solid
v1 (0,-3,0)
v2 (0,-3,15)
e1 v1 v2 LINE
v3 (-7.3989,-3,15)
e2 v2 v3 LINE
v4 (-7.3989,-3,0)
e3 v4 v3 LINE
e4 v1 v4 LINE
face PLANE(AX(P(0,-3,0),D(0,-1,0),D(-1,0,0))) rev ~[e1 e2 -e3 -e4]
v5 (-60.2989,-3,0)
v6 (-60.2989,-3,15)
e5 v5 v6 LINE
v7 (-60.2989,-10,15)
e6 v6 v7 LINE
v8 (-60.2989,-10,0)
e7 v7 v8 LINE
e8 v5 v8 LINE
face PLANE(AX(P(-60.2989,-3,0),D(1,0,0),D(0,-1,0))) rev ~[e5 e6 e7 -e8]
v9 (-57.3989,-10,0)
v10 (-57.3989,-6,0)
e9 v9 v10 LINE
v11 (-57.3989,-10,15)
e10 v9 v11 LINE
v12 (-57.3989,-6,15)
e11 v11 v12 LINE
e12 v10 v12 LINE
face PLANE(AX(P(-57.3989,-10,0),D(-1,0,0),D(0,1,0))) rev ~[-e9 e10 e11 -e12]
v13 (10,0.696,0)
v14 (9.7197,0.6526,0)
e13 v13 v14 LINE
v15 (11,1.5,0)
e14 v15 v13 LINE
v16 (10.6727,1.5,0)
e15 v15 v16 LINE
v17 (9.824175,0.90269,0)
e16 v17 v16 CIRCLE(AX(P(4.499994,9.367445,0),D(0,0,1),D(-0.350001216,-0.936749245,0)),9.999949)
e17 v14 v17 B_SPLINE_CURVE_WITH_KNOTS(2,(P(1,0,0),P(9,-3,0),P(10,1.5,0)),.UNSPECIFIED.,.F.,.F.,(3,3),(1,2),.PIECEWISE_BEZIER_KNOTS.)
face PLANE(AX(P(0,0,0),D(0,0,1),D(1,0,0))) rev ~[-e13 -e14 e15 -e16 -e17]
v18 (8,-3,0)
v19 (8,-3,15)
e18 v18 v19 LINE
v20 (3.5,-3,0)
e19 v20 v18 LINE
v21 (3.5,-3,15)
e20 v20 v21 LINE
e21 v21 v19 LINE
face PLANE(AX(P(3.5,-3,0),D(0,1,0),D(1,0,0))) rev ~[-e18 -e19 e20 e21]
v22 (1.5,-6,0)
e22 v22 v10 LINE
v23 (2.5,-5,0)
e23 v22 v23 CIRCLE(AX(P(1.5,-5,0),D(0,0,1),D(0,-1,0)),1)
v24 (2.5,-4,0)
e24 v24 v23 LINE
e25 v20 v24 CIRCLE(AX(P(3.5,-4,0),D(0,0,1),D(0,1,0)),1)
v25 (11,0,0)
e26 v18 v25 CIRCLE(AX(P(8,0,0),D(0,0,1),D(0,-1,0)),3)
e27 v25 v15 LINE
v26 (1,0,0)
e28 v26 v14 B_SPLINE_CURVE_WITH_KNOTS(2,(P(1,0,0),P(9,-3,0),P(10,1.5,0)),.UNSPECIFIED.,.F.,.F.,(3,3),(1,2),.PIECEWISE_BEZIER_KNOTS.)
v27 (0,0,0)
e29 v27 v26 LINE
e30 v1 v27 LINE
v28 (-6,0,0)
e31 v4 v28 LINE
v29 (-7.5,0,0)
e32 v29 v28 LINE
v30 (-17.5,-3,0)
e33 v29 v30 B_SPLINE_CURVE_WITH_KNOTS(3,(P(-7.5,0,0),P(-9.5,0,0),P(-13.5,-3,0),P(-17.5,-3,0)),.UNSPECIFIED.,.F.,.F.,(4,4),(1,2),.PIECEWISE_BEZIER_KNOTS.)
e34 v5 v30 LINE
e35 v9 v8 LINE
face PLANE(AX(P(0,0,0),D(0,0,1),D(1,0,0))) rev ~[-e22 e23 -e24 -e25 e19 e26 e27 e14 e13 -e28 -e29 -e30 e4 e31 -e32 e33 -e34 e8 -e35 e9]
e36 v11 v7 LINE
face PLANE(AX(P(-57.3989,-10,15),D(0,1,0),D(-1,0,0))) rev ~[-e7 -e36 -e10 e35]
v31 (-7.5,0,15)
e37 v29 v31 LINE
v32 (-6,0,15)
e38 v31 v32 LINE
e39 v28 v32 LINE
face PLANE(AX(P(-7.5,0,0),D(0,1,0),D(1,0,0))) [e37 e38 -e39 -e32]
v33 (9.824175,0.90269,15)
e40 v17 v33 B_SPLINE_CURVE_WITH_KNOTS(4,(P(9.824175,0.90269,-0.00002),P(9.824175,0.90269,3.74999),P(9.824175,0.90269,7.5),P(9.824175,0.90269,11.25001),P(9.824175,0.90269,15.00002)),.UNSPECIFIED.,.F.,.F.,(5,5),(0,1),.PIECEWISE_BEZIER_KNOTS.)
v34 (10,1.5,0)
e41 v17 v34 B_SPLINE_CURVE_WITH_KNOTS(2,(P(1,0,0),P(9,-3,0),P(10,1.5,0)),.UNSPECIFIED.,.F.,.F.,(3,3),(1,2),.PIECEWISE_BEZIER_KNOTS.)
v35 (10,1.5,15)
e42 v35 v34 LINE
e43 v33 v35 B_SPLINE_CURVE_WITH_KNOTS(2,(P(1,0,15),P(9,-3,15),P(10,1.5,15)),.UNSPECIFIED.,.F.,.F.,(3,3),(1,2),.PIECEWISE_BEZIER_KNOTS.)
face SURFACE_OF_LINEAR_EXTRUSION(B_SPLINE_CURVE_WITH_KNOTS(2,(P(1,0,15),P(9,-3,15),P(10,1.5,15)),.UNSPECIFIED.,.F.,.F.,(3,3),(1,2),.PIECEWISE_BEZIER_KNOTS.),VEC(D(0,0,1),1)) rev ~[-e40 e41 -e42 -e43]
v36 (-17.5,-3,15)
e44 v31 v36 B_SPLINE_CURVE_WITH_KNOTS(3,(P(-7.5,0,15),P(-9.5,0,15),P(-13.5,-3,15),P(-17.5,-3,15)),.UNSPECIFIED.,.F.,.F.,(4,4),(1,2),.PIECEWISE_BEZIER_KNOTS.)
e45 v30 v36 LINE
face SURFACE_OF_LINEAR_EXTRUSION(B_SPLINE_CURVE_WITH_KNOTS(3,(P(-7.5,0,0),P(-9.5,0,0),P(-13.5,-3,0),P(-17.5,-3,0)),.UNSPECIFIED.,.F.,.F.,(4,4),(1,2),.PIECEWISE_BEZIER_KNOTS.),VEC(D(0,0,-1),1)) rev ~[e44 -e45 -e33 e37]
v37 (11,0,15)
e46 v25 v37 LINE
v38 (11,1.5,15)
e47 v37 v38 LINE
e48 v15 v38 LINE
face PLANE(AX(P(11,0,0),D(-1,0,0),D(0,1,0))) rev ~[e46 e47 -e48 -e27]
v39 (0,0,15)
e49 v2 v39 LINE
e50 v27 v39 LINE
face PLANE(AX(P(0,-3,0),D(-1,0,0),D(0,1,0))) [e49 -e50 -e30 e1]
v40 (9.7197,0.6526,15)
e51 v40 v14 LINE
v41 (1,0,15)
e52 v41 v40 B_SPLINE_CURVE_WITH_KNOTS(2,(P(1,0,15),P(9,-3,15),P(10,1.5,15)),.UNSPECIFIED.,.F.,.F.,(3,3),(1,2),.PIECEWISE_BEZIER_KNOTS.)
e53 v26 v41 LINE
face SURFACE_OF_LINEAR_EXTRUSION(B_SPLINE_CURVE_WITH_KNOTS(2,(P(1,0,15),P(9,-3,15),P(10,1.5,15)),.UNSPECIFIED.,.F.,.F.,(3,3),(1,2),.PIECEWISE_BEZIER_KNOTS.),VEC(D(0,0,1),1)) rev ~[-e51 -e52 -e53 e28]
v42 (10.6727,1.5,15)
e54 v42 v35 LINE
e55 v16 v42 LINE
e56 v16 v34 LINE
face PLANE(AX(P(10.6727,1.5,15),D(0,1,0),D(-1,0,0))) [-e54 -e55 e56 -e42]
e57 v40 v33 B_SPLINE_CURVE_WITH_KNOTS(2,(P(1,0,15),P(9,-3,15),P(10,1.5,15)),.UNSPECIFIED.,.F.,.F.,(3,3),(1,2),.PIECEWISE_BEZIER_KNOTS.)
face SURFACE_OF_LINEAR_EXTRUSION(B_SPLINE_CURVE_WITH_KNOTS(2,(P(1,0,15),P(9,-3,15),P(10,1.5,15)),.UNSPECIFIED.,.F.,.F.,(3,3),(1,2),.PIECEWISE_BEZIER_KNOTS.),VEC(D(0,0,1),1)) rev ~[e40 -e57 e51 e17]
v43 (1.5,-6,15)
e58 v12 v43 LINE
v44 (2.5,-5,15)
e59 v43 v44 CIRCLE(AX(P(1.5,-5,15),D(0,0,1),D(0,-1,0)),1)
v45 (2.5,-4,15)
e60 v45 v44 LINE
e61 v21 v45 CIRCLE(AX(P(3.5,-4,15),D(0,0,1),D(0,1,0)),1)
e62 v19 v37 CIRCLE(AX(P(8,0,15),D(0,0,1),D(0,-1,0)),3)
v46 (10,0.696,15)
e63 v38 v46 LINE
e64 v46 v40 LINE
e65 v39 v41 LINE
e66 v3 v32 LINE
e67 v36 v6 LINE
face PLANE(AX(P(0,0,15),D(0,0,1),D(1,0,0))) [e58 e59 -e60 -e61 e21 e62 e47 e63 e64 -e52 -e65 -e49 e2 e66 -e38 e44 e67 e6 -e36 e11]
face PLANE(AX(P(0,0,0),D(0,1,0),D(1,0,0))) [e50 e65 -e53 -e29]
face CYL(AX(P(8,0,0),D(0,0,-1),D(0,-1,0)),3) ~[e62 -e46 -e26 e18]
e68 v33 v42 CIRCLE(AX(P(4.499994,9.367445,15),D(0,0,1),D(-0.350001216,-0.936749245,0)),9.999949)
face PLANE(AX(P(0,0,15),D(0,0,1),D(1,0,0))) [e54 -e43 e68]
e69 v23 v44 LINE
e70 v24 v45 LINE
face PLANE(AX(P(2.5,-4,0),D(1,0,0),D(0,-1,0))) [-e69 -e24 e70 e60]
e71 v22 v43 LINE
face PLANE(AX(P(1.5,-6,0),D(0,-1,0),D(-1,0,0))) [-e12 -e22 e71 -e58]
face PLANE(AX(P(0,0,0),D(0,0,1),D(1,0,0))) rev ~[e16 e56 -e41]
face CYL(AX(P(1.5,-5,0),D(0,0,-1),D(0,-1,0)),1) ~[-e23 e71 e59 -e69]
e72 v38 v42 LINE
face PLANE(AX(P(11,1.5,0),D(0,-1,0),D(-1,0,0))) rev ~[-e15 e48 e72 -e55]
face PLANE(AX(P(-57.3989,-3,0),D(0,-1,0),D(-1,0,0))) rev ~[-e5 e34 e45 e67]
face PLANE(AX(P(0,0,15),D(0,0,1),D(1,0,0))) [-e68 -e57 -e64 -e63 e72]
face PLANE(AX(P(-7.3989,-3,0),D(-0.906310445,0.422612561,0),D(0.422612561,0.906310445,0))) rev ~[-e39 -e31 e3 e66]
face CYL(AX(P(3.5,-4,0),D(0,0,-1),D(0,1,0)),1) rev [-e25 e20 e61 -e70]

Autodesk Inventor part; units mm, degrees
ref_plane "YZ Plane" through (0, 0, 0) normal (1, 0, 0) x (0, 1, 0)
ref_plane "XZ Plane" through (0, 0, 0) normal (0, 1, 0) x (-1, 0, 0)
ref_plane "XY Plane" through (0, 0, 0) normal (0, 0, 1) x (1, 0, 0)
sketch "Эскиз1" plane through (0, 0, 0) normal (0, 0, 1) x (1, 0, 0)
  line L0 (0, 0) -> (1, 0)
  line L1 (9, 0) -> (9, -3) construction
  line L2 (9, -3) -> (3.5, -3) construction
  line L3 (0, -3) -> (0, 0)
  line L4 (0, -3) -> (-7.3989, -3)
  line L5 (-7.3989, -3) -> (-7.3989, -6) construction
  line L6 (-7.3989, -6) -> (0, -6)
  line L7 (0, -6) -> (0, -3) construction
  line L8 (0, -3) -> (2.5, -3) construction
  line L9 (2.5, -4) -> (2.5, -5)
  line L10 (1.5, -6) -> (0, -6)
  line L11 (0, -6) -> (0, -3) construction
  line L12 (-7.3989, -3) -> (-6, 0)
  line L13 (-7.3989, -3) -> (-13.5, -3) construction
  line L14 (-57.3989, -3) -> (-57.3989, -6) construction
  line L15 (-57.3989, -6) -> (-7.3989, -6)
  line L16 (-7.3989, -6) -> (-7.3989, -3) construction
  arc A0 (1.5, -6) -> (2.5, -5) centre (1.5, -5) ccw
  arc A1 (3.5, -3) -> (2.5, -4) centre (3.5, -4) ccw
  line L17 (-13.5, -3) -> (-17.5, -3) construction
  line L18 (0, 0) -> (1, 0)
  line L19 (9, 0) -> (8, 0) construction
  arc A2 (1, 0) -> (8, 0) centre (4.5, 9.3675) ccw construction
  line L20 (-57.3989, -3) -> (-60.2989, -3)
  line L21 (-60.2989, -3) -> (-60.2989, -13)
  line L22 (-60.2989, -13) -> (-57.3989, -13) construction
  line L23 (-57.3989, -13) -> (-57.3989, -10) construction
  line L24 (-57.3989, -13) -> (8.6011, -13)
  line L25 (8.6011, -13) -> (8.6011, -10)
  line L26 (8.6011, -10) -> (-57.3989, -10)
  line L27 (-57.3989, -10) -> (-57.3989, -13) construction
  line L28 (-57.3989, -6) -> (-57.3989, -3) construction
  line L29 (-57.3989, -10) -> (-57.3989, -6)
  line L30 (-13.5, -3) -> (-17.5, -3) construction
  line L31 (-17.5, -3) -> (-57.3989, -3)
  line L32 (1, 0) -> (8, 0) construction
  line L33 (8, 0) -> (9, 0) construction
  line L34 (-57.3989, -13) -> (-60.2989, -13)
  line L35 (-60.2989, -13) -> (-60.2989, -13) construction
  line L36 (-6, 0) -> (-7.5, 0) construction
  line L37 (-7.5, 0) -> (-7.5, -3) construction
  line L38 (-7.5, 0) -> (-9.5, 0) construction
  line L39 (-7.5, 0) -> (-9.5, 0) construction
  line L40 (-9.5, 0) -> (-13.5, -3) construction
  line L41 (-13.5, -3) -> (-17.5, -3) construction
  spline S0 degree 3 poles (-7.5, 0) (-9.5, 0) (-13.5, -3) (-17.5, -3) knots 1 1 1 1 2 2 2 2
  line L42 (-7.5, 0) -> (-6, 0)
  line L43 (9, -3) -> (11, -3) construction
  line L44 (11, 0) -> (11, 1.5)
  line L45 (11, 1.5) -> (10.6727, 1.5)
  arc A3 (1, 0) -> (10.6727, 1.5) centre (4.5, 9.3675) ccw
  line L46 (3.5, -3) -> (8, -3)
  arc A4 (8, -3) -> (11, 0) centre (8, 0) ccw
  point P0 (2.5, -6)
  point P1 (0, -6)
  point P2 (2, -4)
  dimension "d0" = 9
  dimension "d1" = 3
  dimension "d3" = 3
  dimension "d4" = 2.5
  dimension "d5" = 3
  dimension "d6" = 50
  dimension "d9" = 1
  dimension "d10" = 1
  dimension "d11" = 4
  dimension "d13" = 3
  dimension "d14" = 1
  dimension "d15" = 1
  dimension "d16" = 10
  dimension "d17" = 2.9
  dimension "d18" = 10
  dimension "d20" = 3
  dimension "d21" = 66
  dimension "d25" = 4
  dimension "d26" = 66
  dimension "d27" = 90
  dimension "d28" = 90
  dimension "d29" = 65
  dimension "d30" = 6
  dimension "d31" = 3
  dimension "d32" = 1.5
  dimension "d33" = 6
  dimension "d34" = 2
  dimension "d37" = 2
  dimension "d38" = 4.5
  dimension "d39" = 3
  dimension "d40" = 2.9
extrude "Выдавливание1" add sketch "Эскиз1" along normal blind 15
sketch "Эскиз3" plane through (0, 0, 15) normal (0, 0, 1) x (1, 0, 0)
  line L0 (-57.3989, -6) -> (1.5, -6) construction
  arc A0 (1.5, -6) -> (2.5, -5) centre (1.5, -5) ccw construction
  arc A1 (3.5, -3) -> (2.5, -4) centre (3.5, -4) ccw construction
  line L1 (1, 0) -> (0, 0) construction
  line L2 (0, 0) -> (0, -3) construction
  line L3 (0, -3) -> (-7.3989, -3) construction
  line L4 (-7.3989, -3) -> (-6, 0) construction
  line L5 (-6, 0) -> (-7.5, 0) construction
  line L6 (-17.5, -3) -> (-60.2989, -3) construction
  line L7 (-60.2989, -3) -> (-60.2989, -13) construction
  line L8 (-60.2989, -13) -> (8.6011, -13) construction
  line L9 (8.6011, -13) -> (8.6011, -10) construction
  line L10 (8.6011, -10) -> (-57.3989, -10) construction
  line L11 (-57.3989, -10) -> (-57.3989, -6) construction
  line L12 (8.6011, -10) -> (-57.3989, -10) construction
  line L13 (-57.3989, -10) -> (-60.2989, -10)
  line L14 (-57.3989, -10) -> (11.5916, -5.7468)
  line L15 (11.5916, -5.7468) -> (11.9856, -17.8215)
  line L16 (11.9856, -17.8215) -> (-64.6581, -17.3068)
  line L17 (-64.6581, -17.3068) -> (-62.6934, -10.3264)
  line L18 (-62.6934, -10.3264) -> (-60.2989, -10)
  line L19 (2.5, -5) -> (2.5, -4) projected
  line L20 (3.5, -3) -> (8, -3) projected
  arc A2 (8, -3) -> (11, 0) centre (8, 0) ccw projected
  line L21 (11, 0) -> (11, 1.5) projected
  line L22 (11, 1.5) -> (10.6727, 1.5) projected
  arc A3 (1, 0) -> (10.6727, 1.5) centre (4.5, 9.3675) ccw projected
extrude "Выдавливание2" cut sketch "Эскиз3" against normal blind 25
sketch "Эскиз4" plane through (0, 0, 15) normal (0, 0, 1) x (1, 0, 0)
  line L0 (-60.2989, -10) -> (-57.3989, -10) construction
  line L1 (-57.3989, -10) -> (-57.3989, -6) construction
  line L2 (-57.3989, -6) -> (1.5, -6) construction
  arc A0 (1.5, -6) -> (2.5, -5) centre (1.5, -5) ccw construction
  line L3 (2.5, -5) -> (2.5, -4) construction
  arc A1 (3.5, -3) -> (2.5, -4) centre (3.5, -4) ccw construction
  line L4 (3.5, -3) -> (8, -3) construction
  arc A2 (8, -3) -> (11, 0) centre (8, 0) ccw construction
  line L5 (11, 0) -> (11, 1.5) construction
  line L6 (11, 1.5) -> (10.6727, 1.5) construction
  arc A3 (1, 0) -> (10.6727, 1.5) centre (4.5, 9.3675) ccw construction
  line L7 (1, 0) -> (0, 0) construction
  line L8 (0, 0) -> (0, -3) construction
  line L9 (0, -3) -> (-7.3989, -3) construction
  line L10 (-7.3989, -3) -> (-6, 0) construction
  line L11 (-6, 0) -> (-7.5, 0) construction
  line L12 (-17.5, -3) -> (-60.2989, -3) construction
  line L13 (-60.2989, -3) -> (-60.2989, -10) construction
  arc A4 (1, 0) -> (10.6727, 1.5) centre (4.5, 9.3675) ccw construction
  line L14 (1, 0) -> (9, -3) construction
  line L15 (9, -3) -> (10.6727, 1.5) construction
  spline S0 degree 2 poles (1, 0) (9, -3) (10.6727, 1.5) knots 1 1 1 2 2 2 construction
  line L16 (1, 0) -> (10.6727, 1.5) construction
  line L17 (11, 1.5) -> (10.6727, 1.5) projected
  line L18 (11, 1.5) -> (10, 1.5)
  line L19 (1, 0) -> (9, -3) construction
  line L20 (9, -3) -> (10, 1.5) construction
  spline S1 degree 2 poles (1, 0) (9, -3) (10, 1.5) knots 1 1 1 2 2 2
  line L21 (11, 0) -> (11, 1.5) projected
  line L22 (11, 1.5) -> (10, 0.696)
  line L23 (10, 0.696) -> (9.7197, 0.6526)
  line L24 (1, 0) -> (10, 1.5)
  dimension "d43" = 1
extrude "Выдавливание3" add sketch "Эскиз4" against normal up to surface (15 mm away) contours L22 L23 S1 L18 L17
extrude "Выдавливание4" cut sketch "Эскиз4" against normal up to surface (15 mm away) contours S1 L24
properties part number "bat_lock03_straight"
